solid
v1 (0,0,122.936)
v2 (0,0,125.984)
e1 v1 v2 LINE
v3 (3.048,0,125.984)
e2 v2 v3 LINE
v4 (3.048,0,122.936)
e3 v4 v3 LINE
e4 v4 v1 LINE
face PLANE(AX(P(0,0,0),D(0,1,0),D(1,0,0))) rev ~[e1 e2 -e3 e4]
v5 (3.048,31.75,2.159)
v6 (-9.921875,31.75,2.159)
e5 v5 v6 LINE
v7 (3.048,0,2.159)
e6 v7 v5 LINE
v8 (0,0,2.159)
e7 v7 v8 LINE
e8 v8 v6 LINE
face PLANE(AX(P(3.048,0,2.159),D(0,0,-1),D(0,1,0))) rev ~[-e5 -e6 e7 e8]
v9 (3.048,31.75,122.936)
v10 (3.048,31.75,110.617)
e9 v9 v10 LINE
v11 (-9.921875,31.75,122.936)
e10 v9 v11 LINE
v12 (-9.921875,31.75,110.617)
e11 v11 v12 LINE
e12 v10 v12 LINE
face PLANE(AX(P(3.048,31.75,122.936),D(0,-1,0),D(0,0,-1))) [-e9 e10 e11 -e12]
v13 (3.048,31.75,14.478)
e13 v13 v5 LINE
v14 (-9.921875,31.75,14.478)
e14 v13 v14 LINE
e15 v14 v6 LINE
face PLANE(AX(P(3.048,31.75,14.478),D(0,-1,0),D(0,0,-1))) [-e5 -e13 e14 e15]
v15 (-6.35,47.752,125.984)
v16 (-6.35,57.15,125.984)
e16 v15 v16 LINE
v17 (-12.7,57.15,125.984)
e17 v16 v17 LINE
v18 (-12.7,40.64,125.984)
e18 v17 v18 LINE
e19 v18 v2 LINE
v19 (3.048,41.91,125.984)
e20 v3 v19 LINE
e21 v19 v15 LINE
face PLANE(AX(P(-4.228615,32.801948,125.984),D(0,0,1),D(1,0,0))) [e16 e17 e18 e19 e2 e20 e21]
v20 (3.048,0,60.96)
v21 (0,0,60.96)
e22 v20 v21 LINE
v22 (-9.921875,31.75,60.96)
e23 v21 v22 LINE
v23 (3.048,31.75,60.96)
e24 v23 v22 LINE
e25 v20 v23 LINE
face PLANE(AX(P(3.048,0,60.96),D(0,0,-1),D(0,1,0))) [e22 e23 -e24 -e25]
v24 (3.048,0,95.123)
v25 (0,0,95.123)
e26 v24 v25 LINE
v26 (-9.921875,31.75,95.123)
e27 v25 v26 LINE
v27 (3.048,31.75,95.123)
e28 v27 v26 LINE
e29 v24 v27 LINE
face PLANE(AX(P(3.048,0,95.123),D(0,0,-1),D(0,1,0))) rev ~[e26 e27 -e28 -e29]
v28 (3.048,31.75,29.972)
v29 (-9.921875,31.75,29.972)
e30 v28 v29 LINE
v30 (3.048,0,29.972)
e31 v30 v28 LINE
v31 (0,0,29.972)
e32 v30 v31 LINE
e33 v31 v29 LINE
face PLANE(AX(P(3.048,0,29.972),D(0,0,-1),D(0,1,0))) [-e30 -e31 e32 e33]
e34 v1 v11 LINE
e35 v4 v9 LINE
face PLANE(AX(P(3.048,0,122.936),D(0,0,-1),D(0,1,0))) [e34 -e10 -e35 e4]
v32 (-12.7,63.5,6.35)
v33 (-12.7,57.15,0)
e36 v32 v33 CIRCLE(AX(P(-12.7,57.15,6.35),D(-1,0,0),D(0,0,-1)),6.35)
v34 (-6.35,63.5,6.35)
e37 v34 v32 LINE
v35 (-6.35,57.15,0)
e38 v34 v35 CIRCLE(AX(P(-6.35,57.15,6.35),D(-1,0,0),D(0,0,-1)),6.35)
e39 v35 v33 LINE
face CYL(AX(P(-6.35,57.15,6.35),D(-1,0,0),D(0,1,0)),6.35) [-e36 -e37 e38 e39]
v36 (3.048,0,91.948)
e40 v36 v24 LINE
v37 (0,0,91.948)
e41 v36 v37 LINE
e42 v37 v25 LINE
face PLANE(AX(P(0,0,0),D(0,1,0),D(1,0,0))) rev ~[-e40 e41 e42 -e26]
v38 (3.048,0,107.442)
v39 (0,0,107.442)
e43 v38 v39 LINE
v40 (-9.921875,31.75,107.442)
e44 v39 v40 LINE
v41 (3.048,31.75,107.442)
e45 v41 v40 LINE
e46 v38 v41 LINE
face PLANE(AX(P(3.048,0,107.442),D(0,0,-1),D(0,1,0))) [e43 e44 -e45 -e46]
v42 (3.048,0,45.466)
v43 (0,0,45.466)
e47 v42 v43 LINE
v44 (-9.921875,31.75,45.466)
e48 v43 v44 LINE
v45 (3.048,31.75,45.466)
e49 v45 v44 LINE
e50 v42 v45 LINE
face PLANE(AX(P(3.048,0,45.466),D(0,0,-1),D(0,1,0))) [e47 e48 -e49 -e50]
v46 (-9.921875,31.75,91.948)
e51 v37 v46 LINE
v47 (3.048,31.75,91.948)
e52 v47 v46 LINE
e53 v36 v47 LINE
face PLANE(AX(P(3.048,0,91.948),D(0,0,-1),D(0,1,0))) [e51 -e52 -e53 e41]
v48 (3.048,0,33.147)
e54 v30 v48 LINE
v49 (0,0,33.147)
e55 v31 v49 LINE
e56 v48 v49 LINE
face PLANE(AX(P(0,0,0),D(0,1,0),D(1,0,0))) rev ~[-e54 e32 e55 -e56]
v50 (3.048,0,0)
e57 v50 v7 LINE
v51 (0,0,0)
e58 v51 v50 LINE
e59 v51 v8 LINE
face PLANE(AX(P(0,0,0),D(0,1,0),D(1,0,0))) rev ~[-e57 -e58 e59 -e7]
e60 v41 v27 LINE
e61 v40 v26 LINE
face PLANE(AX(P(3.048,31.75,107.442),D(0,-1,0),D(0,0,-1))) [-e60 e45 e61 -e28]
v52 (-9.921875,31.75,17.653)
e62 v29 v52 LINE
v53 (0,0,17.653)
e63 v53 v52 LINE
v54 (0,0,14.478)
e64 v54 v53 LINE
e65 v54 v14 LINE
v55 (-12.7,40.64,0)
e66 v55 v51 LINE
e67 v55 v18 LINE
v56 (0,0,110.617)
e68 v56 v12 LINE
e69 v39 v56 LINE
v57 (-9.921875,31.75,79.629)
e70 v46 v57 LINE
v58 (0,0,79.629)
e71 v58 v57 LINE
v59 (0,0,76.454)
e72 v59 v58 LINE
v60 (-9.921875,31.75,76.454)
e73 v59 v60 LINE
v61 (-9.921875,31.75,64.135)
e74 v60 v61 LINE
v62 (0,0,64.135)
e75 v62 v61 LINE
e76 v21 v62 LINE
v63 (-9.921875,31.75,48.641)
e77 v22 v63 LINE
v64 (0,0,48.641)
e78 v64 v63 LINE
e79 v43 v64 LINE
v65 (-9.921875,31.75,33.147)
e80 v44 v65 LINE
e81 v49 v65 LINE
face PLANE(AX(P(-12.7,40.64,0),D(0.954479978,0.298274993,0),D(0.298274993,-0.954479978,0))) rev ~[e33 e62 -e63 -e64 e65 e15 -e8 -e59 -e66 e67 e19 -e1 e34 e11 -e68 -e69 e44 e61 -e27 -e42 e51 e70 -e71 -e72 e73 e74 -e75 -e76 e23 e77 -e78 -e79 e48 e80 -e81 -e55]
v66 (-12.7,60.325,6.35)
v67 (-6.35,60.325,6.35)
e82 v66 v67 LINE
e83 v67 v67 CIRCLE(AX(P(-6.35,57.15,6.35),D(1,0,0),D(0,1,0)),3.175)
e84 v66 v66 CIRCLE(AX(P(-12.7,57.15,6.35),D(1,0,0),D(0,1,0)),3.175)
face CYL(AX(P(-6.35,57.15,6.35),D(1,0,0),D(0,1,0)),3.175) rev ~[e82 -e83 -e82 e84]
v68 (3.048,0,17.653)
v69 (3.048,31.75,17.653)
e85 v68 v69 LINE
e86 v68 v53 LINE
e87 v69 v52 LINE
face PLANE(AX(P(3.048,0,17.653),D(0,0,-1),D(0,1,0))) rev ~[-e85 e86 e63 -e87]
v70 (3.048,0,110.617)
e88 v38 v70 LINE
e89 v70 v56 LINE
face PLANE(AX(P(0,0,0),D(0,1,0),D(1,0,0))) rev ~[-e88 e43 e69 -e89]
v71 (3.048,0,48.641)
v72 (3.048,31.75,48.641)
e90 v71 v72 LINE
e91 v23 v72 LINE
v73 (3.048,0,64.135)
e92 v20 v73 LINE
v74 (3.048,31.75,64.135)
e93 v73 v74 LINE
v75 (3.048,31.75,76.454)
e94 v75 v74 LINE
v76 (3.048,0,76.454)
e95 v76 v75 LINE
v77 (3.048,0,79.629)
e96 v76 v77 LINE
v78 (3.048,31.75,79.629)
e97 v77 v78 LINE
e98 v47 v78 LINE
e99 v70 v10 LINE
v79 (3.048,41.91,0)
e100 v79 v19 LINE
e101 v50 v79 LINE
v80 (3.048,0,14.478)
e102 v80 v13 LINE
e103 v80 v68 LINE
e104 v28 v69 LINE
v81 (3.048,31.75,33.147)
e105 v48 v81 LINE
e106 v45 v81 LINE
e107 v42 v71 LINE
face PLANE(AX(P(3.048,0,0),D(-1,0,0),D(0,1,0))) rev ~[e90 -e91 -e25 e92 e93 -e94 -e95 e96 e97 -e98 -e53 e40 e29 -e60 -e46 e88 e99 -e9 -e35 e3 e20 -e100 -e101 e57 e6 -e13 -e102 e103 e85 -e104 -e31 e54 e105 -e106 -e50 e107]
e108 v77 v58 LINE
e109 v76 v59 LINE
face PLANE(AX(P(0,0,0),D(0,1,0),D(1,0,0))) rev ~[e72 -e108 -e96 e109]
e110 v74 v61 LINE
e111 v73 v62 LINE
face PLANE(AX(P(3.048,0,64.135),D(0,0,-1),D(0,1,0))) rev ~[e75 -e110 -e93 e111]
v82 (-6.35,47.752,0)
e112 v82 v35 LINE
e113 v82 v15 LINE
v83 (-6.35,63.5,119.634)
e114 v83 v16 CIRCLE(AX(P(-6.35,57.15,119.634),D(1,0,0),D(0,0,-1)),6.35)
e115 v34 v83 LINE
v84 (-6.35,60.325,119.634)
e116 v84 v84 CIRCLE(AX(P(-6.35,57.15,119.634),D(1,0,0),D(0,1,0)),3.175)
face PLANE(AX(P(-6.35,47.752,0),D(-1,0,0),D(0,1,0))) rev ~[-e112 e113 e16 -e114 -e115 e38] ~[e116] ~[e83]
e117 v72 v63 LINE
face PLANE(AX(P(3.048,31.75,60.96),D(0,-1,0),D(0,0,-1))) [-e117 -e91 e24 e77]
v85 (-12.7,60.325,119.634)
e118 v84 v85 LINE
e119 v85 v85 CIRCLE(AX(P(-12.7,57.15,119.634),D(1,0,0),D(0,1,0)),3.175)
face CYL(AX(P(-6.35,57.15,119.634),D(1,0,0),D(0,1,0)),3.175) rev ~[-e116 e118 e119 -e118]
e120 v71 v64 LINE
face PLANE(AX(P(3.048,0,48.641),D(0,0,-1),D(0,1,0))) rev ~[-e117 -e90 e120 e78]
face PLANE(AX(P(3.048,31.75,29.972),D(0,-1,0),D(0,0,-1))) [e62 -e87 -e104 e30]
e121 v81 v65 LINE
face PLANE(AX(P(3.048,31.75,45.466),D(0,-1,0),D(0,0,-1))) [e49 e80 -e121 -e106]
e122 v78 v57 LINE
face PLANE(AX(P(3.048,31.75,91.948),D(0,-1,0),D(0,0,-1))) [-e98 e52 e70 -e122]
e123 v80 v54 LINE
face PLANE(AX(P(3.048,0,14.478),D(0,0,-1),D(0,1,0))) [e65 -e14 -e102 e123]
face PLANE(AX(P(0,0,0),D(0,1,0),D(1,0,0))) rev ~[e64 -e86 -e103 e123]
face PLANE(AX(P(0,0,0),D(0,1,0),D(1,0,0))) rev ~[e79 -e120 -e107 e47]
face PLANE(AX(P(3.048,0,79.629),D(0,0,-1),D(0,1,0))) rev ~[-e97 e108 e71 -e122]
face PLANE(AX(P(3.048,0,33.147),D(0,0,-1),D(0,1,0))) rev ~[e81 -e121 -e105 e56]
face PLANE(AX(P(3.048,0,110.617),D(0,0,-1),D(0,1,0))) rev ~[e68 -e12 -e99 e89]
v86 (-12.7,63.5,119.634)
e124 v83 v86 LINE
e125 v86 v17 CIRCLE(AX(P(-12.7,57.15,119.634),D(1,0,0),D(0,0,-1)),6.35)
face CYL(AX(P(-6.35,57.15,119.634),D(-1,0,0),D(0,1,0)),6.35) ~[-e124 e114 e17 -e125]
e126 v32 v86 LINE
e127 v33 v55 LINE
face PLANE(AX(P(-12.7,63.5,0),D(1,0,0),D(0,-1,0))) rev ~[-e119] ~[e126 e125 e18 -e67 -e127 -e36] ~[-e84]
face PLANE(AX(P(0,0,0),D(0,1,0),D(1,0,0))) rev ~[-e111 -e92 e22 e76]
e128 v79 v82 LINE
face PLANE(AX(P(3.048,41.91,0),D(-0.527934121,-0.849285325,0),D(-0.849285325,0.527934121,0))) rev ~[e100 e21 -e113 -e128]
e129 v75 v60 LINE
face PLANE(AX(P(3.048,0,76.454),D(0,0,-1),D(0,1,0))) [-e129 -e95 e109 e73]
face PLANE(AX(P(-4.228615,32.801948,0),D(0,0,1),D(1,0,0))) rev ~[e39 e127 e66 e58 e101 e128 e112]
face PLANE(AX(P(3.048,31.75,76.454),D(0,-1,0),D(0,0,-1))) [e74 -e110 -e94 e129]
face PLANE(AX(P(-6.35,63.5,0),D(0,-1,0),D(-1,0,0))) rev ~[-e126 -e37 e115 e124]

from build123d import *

# Parameters (mm, degrees)
BOSS_EXTRUDE1_DEPTH = 125.984
FILLET1_R           = 6.35
SKETCH6_R           = 3.175
CUT_EXTRUDE2_DEPTH  = 62.992
SKETCH7_W           = 12.319
SKETCH7_H           = 31.75
CUT_EXTRUDE3_DEPTH  = 142.958507177


with BuildPart() as part:
    # Sketch1 → Boss-Extrude1 (new body)
    with BuildSketch(Plane.XY):
        Polygon((0, 0), (3.048, 0), (3.048, 41.91), (-6.35, 47.752), (-6.35, 63.5), (-12.7, 63.5), (-12.7, 40.64), align=None)
    extrude(amount=BOSS_EXTRUDE1_DEPTH)

    # Fillet1
    fillet1_edges = [part.edges().sort_by_distance(p)[0] for p in [
        (-9.525, 63.5, 125.984),
        (-9.525, 63.5, 0),
    ]]
    fillet(fillet1_edges, radius=FILLET1_R)

    # Sketch6 → Cut-Extrude2 (cut, symmetric)
    with BuildSketch(Plane(origin=(-6.35, 0, 0), x_dir=(0, 0, -1), z_dir=(1, 0, 0))):
        with Locations(Location((-119.634, 57.15, 0), (0, 0, 90))):
            Circle(SKETCH6_R)
        with Locations(Location((-6.35, 57.15, 0), (0, 0, 90))):
            Circle(SKETCH6_R)
    extrude(amount=CUT_EXTRUDE2_DEPTH, both=True, mode=Mode.SUBTRACT)

    # Sketch7 → Cut-Extrude3 (cut, through all)
    with BuildSketch(Plane(origin=(3.048, 0, 0), x_dir=(0, 0, -1), z_dir=(1, 0, 0))):
        with Locations((-116.7765, 15.875)):
            Rectangle(SKETCH7_W, SKETCH7_H)
        with Locations((-101.2825, 15.875)):
            Rectangle(SKETCH7_W, SKETCH7_H)
        with Locations((-85.7885, 15.875)):
            Rectangle(SKETCH7_W, SKETCH7_H)
        with Locations((-70.2945, 15.875)):
            Rectangle(SKETCH7_W, SKETCH7_H)
        with Locations((-54.8005, 15.875)):
            Rectangle(SKETCH7_W, SKETCH7_H)
        with Locations((-39.3065, 15.875)):
            Rectangle(SKETCH7_W, SKETCH7_H)
        with Locations((-23.8125, 15.875)):
            Rectangle(SKETCH7_W, SKETCH7_H)
        with Locations((-8.3185, 15.875)):
            Rectangle(SKETCH7_W, SKETCH7_H)
    extrude(amount=-CUT_EXTRUDE3_DEPTH, mode=Mode.SUBTRACT)


solid = part.part
